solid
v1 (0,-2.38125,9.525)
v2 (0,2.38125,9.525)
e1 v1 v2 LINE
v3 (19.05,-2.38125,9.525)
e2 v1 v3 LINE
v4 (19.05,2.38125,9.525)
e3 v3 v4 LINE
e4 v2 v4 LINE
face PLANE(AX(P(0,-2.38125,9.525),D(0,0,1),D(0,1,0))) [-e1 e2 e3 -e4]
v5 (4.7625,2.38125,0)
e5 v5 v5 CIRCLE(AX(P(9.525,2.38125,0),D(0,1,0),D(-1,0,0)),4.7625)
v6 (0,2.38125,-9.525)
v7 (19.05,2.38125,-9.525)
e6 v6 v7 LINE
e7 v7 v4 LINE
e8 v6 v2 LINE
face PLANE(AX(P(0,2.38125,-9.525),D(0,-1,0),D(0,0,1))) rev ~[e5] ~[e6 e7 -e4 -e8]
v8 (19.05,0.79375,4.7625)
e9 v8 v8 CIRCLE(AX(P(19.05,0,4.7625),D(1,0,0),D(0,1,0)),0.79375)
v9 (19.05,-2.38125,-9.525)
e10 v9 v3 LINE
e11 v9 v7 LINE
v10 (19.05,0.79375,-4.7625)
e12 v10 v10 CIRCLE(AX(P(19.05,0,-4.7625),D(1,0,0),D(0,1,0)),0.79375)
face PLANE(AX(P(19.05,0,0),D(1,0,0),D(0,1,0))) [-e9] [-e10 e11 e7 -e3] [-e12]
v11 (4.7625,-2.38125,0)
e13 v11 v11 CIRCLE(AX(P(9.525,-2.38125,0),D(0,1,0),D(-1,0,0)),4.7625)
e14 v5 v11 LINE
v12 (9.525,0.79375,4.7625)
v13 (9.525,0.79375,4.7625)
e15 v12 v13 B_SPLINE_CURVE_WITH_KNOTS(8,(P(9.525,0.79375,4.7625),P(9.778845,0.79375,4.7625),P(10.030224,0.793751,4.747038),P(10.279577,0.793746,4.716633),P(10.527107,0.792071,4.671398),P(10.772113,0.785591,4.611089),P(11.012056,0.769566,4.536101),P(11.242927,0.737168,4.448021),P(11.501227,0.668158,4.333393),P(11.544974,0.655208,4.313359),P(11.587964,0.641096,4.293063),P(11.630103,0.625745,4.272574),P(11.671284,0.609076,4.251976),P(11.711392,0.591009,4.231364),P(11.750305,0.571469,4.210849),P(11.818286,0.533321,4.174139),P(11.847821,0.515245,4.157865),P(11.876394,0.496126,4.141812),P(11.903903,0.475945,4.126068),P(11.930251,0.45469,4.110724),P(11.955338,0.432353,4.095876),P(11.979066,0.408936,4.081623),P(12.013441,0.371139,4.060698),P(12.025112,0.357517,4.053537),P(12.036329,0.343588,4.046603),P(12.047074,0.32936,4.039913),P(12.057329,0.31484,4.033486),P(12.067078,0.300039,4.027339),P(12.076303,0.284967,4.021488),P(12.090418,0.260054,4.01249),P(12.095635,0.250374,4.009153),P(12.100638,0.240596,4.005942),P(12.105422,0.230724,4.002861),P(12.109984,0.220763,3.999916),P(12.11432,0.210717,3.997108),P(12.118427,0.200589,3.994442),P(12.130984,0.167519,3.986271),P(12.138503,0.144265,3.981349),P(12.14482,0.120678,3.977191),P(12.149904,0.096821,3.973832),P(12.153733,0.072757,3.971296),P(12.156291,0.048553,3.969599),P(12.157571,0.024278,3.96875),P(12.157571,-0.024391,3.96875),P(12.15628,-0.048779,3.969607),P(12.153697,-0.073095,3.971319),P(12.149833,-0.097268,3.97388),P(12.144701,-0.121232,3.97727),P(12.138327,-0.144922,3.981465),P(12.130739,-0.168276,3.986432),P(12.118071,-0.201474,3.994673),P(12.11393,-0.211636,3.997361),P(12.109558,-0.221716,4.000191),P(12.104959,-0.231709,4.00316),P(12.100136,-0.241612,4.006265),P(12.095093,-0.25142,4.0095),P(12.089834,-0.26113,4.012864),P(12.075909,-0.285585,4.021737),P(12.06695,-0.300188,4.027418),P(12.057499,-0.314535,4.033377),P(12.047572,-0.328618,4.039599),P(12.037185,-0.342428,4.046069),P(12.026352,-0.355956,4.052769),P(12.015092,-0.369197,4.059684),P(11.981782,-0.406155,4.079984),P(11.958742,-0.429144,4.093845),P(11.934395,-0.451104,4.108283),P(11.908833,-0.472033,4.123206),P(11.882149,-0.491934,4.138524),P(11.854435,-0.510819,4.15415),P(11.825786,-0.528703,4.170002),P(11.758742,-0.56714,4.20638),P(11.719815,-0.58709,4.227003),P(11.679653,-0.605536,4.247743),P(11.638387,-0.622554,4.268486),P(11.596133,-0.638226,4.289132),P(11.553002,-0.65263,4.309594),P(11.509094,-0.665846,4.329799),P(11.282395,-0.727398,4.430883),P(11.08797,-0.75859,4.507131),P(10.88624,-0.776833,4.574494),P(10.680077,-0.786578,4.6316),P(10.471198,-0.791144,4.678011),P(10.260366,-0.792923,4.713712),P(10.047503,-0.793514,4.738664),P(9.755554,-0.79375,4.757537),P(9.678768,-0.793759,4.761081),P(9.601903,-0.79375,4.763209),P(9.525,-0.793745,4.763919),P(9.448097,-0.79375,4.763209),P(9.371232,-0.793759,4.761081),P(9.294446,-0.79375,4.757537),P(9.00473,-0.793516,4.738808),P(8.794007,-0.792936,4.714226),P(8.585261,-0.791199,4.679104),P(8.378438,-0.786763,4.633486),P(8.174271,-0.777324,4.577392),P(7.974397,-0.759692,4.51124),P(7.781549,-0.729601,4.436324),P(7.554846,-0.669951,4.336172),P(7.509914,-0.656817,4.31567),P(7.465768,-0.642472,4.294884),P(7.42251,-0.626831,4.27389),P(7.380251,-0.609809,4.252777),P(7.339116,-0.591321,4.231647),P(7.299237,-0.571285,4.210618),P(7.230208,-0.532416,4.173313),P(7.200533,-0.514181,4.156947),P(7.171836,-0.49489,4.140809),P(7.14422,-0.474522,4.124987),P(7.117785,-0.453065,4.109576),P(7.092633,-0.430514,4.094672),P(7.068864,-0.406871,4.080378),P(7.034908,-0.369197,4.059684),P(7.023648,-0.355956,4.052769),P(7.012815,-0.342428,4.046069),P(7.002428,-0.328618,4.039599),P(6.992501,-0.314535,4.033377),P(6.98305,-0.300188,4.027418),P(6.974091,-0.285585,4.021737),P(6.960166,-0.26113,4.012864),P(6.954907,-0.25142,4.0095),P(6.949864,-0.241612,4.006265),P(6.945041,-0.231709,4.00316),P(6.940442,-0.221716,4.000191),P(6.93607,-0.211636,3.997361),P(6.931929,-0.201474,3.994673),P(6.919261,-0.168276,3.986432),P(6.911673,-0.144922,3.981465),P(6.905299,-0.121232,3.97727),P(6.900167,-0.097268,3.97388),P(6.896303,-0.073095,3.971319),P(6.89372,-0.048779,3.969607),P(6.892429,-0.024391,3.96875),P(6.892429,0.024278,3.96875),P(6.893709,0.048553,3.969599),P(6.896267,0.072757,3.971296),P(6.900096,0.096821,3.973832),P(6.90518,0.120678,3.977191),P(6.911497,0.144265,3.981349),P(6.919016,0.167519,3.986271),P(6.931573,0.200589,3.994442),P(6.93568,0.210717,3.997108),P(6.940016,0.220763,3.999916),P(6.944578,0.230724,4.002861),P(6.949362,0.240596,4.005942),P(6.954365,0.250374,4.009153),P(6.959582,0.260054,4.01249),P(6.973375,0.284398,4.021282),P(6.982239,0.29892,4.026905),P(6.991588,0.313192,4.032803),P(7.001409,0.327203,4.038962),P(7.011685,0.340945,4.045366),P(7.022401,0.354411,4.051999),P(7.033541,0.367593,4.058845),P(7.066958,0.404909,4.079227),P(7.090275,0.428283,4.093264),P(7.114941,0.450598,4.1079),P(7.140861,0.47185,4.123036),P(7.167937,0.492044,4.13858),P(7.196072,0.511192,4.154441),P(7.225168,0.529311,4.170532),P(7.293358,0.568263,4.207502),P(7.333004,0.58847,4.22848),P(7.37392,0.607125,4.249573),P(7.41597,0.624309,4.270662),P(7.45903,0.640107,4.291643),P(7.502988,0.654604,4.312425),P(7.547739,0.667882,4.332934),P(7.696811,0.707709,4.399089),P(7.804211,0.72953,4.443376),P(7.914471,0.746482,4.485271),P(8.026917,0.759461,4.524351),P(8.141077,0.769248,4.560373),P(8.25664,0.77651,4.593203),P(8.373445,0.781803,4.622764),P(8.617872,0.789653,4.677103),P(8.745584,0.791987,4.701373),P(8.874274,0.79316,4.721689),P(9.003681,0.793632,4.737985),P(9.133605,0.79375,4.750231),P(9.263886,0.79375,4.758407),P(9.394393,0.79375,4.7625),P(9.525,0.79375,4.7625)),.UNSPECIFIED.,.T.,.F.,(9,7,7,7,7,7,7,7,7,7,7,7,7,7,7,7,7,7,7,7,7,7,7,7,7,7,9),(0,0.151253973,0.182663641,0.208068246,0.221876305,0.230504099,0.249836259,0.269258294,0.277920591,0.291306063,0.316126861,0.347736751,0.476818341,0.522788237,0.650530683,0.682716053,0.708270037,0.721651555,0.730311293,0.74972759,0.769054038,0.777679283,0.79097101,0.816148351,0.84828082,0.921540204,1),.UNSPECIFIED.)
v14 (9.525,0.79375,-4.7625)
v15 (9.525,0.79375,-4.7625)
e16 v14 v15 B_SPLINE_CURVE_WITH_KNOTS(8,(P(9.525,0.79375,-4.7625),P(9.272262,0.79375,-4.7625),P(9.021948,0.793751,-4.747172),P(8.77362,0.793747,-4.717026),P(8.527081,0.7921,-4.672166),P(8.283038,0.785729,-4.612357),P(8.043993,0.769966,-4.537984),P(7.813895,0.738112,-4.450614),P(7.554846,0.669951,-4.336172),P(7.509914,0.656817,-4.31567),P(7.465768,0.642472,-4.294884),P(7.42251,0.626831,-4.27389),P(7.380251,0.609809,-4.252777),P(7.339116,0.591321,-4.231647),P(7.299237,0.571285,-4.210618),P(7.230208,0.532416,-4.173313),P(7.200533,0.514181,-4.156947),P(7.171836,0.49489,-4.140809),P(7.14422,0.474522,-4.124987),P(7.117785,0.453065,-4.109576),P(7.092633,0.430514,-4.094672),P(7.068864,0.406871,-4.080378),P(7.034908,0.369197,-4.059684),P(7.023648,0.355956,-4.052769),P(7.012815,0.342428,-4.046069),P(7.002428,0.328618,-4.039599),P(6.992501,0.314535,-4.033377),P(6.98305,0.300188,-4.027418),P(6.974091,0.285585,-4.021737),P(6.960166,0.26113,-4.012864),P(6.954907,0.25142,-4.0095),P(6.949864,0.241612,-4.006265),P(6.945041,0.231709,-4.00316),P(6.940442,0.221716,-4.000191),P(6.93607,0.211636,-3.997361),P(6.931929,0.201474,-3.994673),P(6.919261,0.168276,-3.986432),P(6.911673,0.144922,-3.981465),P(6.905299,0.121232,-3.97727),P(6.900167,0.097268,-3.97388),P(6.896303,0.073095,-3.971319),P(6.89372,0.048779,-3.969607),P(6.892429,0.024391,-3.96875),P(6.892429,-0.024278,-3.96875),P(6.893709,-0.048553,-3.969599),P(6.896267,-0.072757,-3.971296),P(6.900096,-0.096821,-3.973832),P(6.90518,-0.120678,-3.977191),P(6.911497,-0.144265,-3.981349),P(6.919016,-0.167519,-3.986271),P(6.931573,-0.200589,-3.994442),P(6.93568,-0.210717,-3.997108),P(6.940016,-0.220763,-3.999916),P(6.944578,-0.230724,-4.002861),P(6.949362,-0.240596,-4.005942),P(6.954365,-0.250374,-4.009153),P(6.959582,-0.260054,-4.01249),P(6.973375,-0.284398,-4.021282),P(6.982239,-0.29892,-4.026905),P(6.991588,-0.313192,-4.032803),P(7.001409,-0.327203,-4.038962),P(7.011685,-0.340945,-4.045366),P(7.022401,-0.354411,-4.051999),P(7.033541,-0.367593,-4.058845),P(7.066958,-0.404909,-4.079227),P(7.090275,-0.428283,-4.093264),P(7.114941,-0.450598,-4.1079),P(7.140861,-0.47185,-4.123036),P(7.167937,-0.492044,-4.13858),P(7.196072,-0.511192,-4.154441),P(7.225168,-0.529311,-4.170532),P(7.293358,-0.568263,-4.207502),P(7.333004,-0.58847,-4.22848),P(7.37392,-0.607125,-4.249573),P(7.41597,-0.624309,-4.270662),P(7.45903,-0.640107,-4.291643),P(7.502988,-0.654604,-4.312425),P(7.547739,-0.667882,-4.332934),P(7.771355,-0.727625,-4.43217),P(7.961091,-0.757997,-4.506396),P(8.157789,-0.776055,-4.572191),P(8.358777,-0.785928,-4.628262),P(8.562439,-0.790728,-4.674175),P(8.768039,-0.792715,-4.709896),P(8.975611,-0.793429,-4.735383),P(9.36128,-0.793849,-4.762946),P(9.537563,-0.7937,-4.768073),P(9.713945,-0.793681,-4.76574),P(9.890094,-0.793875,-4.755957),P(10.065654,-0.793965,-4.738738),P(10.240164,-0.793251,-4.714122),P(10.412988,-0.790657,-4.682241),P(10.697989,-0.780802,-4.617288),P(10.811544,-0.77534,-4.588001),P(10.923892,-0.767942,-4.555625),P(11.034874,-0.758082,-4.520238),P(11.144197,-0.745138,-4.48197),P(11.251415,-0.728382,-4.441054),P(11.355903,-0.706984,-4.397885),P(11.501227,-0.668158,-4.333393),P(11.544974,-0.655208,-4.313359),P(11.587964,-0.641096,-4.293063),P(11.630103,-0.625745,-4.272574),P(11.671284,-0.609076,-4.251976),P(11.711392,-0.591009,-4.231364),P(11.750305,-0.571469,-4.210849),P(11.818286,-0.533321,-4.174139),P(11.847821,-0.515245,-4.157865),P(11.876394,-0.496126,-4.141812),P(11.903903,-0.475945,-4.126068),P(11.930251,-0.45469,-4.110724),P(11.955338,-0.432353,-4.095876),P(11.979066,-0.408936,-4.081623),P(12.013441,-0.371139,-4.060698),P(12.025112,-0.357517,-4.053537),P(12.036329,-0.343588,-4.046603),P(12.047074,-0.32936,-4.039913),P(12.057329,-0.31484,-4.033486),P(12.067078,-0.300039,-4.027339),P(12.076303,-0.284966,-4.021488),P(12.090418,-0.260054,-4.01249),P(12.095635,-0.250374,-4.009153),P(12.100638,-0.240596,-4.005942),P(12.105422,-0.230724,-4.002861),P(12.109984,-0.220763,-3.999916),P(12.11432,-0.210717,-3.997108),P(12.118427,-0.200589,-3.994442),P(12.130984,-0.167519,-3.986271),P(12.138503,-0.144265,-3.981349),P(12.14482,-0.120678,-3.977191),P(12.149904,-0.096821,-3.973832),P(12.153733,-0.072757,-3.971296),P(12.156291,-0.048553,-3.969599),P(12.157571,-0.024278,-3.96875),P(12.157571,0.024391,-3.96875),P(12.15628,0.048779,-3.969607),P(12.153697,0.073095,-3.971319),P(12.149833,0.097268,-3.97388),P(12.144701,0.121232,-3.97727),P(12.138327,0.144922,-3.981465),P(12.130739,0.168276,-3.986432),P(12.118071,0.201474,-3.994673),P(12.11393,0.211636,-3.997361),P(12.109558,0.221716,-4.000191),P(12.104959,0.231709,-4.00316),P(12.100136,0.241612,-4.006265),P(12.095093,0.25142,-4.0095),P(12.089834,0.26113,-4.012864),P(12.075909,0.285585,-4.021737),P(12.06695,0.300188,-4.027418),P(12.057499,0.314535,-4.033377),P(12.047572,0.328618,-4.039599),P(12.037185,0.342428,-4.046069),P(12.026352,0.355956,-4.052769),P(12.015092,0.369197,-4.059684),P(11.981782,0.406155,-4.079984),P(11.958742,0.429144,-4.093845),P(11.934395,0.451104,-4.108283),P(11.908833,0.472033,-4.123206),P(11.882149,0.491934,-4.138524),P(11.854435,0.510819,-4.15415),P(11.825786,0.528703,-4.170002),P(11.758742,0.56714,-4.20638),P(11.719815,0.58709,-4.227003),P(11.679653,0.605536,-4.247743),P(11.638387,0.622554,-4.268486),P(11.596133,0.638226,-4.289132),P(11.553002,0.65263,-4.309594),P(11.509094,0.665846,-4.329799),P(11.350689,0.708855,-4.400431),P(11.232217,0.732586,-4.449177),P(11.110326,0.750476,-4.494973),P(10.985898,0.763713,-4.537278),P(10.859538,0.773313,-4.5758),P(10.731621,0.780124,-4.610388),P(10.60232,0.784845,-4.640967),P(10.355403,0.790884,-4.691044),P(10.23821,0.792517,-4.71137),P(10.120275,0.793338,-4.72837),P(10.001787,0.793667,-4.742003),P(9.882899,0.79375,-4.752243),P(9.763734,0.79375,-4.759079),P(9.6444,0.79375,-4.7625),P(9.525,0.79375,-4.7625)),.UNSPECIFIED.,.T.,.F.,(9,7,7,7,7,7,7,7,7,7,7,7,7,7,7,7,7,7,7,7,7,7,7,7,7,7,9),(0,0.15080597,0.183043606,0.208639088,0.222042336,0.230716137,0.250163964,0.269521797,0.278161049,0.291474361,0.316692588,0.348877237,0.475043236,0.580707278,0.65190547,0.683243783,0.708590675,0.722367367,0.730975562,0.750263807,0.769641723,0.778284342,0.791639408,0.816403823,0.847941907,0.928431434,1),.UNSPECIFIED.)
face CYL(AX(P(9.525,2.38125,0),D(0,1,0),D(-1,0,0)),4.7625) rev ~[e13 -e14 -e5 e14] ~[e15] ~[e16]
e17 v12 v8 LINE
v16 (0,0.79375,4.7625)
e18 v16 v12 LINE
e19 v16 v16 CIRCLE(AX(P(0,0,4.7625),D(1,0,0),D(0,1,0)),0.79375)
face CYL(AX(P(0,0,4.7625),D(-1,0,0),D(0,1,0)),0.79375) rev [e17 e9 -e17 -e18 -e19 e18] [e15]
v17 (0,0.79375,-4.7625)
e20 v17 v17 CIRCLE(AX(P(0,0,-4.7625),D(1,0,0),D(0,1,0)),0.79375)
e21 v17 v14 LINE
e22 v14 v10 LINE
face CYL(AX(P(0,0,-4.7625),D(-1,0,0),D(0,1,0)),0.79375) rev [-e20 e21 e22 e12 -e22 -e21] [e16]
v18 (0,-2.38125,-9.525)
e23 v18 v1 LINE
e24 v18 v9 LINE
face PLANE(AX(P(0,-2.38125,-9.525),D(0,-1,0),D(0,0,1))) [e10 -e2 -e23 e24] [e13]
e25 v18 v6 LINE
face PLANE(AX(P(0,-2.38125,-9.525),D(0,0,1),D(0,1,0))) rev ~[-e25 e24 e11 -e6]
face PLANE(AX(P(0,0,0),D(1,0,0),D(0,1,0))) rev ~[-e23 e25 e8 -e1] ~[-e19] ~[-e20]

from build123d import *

# Parameters (mm, degrees)
F0_W     = 4.7625
F0_H     = 19.05
F0_R     = 0.79375
F1_DEPTH = 19.05
F2_R     = 4.7625
F3_DEPTH = 25.4


with BuildPart() as f1:
    # F0 (on Right) → F1 (new body)
    with BuildSketch(Plane.YZ):
        Rectangle(F0_W, F0_H)
        with Locations((0, -4.7625)):
            Circle(F0_R, mode=Mode.SUBTRACT)
        with Locations((0, 4.7625)):
            Circle(F0_R, mode=Mode.SUBTRACT)
    extrude(amount=F1_DEPTH)

    # F2 (on face) → F3 (cut)
    with BuildSketch(Plane(origin=(0, 2.38125, 0), x_dir=(-1, 0, 0), z_dir=(0, 1, 0))):
        with Locations((-9.525, 0)):
            Circle(F2_R)
    extrude(amount=-F3_DEPTH, mode=Mode.SUBTRACT)


solid = f1.part
